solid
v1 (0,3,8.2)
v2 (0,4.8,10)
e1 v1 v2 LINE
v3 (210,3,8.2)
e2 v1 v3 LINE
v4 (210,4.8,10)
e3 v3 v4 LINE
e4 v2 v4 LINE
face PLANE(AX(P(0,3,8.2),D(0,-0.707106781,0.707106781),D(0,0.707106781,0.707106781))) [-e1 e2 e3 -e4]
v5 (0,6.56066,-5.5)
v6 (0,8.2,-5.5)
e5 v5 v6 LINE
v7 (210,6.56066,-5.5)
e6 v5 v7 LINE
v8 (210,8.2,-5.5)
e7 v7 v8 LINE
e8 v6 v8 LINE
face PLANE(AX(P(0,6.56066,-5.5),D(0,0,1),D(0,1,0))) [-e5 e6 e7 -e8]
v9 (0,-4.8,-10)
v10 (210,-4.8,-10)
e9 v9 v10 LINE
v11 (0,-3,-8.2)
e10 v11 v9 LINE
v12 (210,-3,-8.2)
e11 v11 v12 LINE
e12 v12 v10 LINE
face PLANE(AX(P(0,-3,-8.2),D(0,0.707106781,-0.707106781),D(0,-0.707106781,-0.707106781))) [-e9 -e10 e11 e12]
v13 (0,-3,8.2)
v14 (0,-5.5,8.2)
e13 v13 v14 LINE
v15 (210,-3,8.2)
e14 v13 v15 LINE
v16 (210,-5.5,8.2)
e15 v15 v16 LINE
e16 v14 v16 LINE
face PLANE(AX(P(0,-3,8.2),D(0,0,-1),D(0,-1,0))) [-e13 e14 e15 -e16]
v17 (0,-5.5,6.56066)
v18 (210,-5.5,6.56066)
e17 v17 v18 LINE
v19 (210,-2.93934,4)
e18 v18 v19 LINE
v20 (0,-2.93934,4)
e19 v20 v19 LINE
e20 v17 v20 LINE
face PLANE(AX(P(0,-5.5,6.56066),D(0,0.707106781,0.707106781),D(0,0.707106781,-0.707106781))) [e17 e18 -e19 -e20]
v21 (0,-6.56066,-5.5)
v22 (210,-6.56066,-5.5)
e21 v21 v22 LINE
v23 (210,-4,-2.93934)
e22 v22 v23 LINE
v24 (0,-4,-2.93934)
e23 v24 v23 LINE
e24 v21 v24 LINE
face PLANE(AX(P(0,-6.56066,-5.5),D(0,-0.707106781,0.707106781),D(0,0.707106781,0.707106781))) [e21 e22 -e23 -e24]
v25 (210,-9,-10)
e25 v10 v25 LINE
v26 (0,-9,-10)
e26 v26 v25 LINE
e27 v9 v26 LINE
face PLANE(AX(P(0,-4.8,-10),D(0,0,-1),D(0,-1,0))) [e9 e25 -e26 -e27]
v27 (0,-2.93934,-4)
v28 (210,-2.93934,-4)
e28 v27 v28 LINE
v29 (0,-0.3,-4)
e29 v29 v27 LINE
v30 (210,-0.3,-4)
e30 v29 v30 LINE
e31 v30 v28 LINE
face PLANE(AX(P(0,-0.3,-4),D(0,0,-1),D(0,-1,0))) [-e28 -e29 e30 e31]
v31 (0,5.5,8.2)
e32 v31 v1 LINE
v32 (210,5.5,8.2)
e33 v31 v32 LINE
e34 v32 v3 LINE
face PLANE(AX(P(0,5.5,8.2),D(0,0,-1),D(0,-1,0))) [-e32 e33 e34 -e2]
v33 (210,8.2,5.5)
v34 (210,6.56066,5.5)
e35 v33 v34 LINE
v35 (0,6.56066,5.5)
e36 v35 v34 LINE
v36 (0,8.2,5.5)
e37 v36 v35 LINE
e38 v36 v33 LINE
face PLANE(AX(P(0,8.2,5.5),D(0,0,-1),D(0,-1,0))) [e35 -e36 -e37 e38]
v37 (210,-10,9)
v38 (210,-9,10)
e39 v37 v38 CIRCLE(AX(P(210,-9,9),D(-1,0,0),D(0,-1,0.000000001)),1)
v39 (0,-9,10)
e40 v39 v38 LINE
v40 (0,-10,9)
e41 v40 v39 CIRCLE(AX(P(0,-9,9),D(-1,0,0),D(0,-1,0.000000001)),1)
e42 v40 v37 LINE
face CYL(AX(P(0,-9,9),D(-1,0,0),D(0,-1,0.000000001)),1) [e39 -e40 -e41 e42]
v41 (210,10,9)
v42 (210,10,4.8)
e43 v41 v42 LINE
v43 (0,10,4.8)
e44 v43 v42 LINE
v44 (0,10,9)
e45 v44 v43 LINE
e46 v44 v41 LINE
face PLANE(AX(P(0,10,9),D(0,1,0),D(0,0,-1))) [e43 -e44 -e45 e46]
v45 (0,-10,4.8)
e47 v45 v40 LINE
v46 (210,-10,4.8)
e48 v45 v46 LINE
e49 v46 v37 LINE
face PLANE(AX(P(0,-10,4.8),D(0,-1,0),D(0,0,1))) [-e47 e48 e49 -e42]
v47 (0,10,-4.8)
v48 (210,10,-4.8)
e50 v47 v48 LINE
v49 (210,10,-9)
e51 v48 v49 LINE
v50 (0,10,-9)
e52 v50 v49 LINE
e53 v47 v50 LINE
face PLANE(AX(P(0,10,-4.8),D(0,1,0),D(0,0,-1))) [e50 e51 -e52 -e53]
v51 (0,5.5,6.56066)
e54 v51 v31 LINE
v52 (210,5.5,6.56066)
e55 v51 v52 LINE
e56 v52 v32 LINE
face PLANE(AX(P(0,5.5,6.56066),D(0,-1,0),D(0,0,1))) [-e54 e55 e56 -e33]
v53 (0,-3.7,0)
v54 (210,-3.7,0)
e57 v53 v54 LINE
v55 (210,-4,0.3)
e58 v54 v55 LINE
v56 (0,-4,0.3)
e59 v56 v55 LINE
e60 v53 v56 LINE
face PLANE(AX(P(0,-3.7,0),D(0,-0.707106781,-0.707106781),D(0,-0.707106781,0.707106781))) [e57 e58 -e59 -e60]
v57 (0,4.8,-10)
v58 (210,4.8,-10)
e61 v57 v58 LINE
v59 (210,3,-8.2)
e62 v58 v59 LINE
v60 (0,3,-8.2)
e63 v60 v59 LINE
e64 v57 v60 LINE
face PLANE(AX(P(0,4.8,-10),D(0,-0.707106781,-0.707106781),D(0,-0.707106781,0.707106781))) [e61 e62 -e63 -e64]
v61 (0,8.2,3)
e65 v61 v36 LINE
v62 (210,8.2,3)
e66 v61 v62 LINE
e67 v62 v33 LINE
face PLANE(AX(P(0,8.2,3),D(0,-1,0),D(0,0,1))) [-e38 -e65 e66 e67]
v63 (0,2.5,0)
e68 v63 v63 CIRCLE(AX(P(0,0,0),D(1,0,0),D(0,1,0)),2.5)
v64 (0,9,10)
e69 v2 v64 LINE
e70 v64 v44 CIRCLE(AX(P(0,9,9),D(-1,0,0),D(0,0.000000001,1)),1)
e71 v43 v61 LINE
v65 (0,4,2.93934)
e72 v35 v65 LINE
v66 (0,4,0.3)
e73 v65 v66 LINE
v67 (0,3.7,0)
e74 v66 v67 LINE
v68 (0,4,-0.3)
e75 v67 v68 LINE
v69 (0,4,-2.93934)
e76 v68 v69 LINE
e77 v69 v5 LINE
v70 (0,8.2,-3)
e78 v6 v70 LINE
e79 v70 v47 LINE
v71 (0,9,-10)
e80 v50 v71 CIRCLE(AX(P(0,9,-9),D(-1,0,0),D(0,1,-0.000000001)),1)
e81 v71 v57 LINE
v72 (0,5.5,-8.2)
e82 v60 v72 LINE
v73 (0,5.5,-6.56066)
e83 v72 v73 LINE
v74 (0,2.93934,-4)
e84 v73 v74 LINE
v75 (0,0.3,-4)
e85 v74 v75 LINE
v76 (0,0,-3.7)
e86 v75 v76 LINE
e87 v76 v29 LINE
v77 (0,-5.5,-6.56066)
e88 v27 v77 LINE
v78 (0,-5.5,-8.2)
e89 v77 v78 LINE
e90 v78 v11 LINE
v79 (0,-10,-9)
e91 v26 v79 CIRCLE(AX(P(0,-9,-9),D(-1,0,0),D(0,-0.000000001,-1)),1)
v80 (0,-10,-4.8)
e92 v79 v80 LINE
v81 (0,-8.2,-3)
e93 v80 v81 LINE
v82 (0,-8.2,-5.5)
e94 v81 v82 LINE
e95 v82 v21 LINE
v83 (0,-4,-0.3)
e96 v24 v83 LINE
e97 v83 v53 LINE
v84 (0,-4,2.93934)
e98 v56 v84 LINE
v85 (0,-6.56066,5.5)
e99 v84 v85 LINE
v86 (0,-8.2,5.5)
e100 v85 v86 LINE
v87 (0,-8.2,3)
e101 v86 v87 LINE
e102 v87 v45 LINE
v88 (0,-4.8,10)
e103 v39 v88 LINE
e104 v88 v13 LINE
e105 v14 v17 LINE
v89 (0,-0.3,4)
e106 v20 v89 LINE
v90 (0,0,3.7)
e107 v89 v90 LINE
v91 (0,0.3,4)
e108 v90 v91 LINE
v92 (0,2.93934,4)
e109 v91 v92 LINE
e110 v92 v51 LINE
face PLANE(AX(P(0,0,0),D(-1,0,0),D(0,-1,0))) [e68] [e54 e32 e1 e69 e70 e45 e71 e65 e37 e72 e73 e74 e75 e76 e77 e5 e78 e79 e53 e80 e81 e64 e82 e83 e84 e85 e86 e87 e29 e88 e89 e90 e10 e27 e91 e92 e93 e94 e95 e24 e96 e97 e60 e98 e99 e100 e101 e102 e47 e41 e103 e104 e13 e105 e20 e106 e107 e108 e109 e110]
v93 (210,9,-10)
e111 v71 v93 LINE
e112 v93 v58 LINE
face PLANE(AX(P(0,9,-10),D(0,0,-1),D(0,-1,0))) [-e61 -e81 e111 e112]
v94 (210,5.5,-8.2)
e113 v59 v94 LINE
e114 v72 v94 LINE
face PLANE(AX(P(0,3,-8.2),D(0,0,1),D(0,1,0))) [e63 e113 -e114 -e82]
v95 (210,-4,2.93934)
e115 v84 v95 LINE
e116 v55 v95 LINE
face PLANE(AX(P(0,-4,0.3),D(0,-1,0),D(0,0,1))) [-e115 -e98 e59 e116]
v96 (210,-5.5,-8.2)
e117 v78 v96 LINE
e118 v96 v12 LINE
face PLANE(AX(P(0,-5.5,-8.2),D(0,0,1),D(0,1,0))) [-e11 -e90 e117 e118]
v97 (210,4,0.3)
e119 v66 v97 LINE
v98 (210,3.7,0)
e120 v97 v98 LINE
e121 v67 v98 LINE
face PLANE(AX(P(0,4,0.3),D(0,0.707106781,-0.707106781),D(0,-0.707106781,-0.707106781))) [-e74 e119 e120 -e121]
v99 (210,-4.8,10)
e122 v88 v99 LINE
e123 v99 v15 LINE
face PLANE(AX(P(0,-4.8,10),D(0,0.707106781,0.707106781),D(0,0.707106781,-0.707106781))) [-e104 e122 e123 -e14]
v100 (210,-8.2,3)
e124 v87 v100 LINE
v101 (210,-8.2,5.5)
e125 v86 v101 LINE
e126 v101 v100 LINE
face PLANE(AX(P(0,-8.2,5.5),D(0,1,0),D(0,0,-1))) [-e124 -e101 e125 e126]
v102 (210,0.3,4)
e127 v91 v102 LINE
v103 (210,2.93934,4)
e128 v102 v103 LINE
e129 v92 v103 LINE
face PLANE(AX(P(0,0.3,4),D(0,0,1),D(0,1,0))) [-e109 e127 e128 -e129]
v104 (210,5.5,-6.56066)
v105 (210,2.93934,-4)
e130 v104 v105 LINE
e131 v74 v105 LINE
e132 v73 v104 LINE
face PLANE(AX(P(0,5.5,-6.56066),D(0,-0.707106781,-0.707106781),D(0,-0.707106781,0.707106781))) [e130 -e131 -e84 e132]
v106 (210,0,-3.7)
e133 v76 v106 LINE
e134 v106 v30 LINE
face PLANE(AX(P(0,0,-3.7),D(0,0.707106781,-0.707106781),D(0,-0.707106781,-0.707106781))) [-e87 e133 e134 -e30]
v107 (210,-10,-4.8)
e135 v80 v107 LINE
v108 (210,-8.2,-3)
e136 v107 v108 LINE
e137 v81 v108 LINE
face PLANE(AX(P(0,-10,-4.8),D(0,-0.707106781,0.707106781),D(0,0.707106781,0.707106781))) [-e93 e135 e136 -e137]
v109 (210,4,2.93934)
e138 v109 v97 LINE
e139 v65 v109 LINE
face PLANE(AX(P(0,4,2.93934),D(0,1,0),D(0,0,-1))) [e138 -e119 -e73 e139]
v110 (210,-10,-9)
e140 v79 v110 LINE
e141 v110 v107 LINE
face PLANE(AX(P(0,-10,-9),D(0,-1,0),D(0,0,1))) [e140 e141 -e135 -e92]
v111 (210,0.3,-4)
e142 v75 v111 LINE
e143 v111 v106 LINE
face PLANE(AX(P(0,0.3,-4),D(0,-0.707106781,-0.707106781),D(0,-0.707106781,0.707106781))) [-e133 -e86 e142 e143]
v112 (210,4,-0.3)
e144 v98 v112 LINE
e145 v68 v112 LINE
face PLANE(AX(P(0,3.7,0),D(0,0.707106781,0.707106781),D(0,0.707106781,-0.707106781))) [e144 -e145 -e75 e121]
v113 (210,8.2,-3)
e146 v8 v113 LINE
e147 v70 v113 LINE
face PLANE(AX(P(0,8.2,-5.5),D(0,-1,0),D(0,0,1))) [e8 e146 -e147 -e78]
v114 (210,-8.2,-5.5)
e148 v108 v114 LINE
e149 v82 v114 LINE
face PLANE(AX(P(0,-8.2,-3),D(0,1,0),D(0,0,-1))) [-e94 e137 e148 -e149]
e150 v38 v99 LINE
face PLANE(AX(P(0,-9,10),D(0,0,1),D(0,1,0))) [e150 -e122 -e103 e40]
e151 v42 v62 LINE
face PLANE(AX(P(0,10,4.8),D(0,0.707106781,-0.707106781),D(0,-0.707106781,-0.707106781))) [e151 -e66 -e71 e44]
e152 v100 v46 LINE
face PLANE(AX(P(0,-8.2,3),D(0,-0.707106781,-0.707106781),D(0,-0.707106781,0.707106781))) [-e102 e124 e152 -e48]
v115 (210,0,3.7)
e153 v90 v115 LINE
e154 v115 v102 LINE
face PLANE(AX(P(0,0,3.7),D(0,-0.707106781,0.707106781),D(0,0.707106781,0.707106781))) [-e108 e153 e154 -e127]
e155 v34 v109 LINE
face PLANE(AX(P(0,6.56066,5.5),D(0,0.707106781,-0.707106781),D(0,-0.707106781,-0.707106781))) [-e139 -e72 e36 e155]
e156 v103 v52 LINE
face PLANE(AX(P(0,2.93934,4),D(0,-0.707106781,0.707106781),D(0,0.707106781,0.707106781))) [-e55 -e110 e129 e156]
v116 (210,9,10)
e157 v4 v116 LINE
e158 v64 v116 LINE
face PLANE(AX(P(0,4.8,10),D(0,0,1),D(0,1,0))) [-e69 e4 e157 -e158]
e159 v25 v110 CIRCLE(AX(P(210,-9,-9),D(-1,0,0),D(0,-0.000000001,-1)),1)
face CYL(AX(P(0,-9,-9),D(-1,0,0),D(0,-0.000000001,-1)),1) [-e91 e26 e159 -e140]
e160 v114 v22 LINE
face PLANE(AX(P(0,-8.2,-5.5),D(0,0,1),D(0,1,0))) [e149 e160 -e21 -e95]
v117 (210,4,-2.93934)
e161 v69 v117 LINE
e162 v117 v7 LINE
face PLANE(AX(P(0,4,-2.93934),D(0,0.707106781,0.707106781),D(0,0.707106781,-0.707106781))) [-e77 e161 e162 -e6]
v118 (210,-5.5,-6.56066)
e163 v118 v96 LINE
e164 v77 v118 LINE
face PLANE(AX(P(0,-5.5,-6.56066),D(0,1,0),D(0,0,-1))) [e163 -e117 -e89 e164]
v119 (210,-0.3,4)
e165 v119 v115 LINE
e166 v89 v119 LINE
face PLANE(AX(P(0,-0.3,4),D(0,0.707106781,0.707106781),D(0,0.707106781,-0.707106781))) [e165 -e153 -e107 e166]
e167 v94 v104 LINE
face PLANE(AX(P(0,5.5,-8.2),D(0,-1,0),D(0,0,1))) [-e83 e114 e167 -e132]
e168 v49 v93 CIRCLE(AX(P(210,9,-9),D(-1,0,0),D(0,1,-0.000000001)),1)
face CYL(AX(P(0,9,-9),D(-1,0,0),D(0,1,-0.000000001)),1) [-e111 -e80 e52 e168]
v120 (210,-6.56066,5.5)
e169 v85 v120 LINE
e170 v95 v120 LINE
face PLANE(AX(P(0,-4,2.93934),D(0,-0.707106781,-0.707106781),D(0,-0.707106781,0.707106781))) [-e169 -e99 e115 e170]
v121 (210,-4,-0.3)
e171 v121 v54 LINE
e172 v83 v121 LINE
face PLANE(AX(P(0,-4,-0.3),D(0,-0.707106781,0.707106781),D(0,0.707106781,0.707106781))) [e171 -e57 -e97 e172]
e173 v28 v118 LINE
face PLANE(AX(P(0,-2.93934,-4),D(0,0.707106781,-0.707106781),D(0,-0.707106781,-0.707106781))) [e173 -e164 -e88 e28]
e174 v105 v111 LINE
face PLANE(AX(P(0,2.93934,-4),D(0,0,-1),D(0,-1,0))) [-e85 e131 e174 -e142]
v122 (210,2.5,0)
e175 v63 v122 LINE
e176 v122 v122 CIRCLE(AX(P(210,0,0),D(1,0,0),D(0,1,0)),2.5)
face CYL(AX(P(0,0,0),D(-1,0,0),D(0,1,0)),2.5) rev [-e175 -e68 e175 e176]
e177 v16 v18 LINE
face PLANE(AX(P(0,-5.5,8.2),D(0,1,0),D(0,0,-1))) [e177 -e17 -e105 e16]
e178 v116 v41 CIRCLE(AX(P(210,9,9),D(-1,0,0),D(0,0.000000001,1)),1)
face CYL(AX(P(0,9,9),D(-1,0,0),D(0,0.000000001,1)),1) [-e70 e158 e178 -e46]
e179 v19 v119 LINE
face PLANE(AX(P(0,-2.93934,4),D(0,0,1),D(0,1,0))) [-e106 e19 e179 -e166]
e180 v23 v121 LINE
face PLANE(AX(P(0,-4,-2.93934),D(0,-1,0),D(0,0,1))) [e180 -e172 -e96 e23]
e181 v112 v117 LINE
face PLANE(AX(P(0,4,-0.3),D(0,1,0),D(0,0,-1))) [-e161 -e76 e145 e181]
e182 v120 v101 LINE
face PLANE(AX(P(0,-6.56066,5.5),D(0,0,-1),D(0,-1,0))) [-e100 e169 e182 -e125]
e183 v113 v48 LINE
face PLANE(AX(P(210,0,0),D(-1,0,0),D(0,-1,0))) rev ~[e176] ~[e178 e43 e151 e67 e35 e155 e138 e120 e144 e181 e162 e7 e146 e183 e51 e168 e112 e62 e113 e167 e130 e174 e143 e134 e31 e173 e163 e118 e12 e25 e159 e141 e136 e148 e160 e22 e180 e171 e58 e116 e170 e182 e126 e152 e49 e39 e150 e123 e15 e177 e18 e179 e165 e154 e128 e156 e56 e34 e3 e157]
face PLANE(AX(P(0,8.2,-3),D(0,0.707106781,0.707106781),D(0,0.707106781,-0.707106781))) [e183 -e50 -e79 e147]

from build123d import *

# Parameters (mm, degrees)
SKETCH11_R                                  = 2.5
QUADRADO_PF20_11_PERFIL_2020_V_SLOT_1_DEPTH = 210


with BuildPart() as part:
    # Sketch11 → Quadrado PF20-11 - PERFIL 2020 V-SLOT(1) (new body)
    with BuildSketch(Plane.YZ):
        with BuildLine():
            Line((-4.8, 10), (-3, 8.2))
            Line((-3, 8.2), (-5.5, 8.2))
            Line((-5.5, 8.2), (-5.5, 6.560660172))
            Line((-5.5, 6.560660172), (-2.939339828, 4))
            Line((-2.939339828, 4), (-0.3, 4))
            Line((-0.3, 4), (0, 3.7))
            Line((0, 3.7), (0.3, 4))
            Line((0.3, 4), (2.939339828, 4))
            Line((2.939339828, 4), (5.5, 6.560660172))
            Line((5.5, 6.560660172), (5.5, 8.2))
            Line((5.5, 8.2), (3, 8.2))
            Line((3, 8.2), (4.8, 10))
            Line((4.8, 10), (9, 10))
            ThreePointArc((9, 10), (9.707106781, 9.707106781), (10, 9))
            Line((10, 9), (10, 4.8))
            Line((10, 4.8), (8.2, 3))
            Line((8.2, 3), (8.2, 5.5))
            Line((8.2, 5.5), (6.560660172, 5.5))
            Line((6.560660172, 5.5), (4, 2.939339828))
            Line((4, 2.939339828), (4, 0.3))
            Line((4, 0.3), (3.7, 0))
            Line((3.7, 0), (4, -0.3))
            Line((4, -0.3), (4, -2.939339828))
            Line((4, -2.939339828), (6.560660172, -5.5))
            Line((6.560660172, -5.5), (8.2, -5.5))
            Line((8.2, -5.5), (8.2, -3))
            Line((8.2, -3), (10, -4.8))
            Line((10, -4.8), (10, -9))
            ThreePointArc((10, -9), (9.707106781, -9.707106781), (9, -10))
            Line((9, -10), (4.8, -10))
            Line((4.8, -10), (3, -8.2))
            Line((3, -8.2), (5.5, -8.2))
            Line((5.5, -8.2), (5.5, -6.560660172))
            Line((5.5, -6.560660172), (2.939339828, -4))
            Line((2.939339828, -4), (0.3, -4))
            Line((0.3, -4), (0, -3.7))
            Line((0, -3.7), (-0.3, -4))
            Line((-0.3, -4), (-2.939339828, -4))
            Line((-2.939339828, -4), (-5.5, -6.560660172))
            Line((-5.5, -6.560660172), (-5.5, -8.2))
            Line((-5.5, -8.2), (-3, -8.2))
            Line((-3, -8.2), (-4.8, -10))
            Line((-4.8, -10), (-9, -10))
            ThreePointArc((-9, -10), (-9.707106781, -9.707106781), (-10, -9))
            Line((-10, -9), (-10, -4.8))
            Line((-10, -4.8), (-8.2, -3))
            Line((-8.2, -3), (-8.2, -5.5))
            Line((-8.2, -5.5), (-6.560660172, -5.5))
            Line((-6.560660172, -5.5), (-4, -2.939339828))
            Line((-4, -2.939339828), (-4, -0.3))
            Line((-4, -0.3), (-3.7, 0))
            Line((-3.7, 0), (-4, 0.3))
            Line((-4, 0.3), (-4, 2.939339828))
            Line((-4, 2.939339828), (-6.560660172, 5.5))
            Line((-6.560660172, 5.5), (-8.2, 5.5))
            Line((-8.2, 5.5), (-8.2, 3))
            Line((-8.2, 3), (-10, 4.8))
            Line((-10, 4.8), (-10, 9))
            ThreePointArc((-10, 9), (-9.707106781, 9.707106781), (-9, 10))
            Line((-9, 10), (-4.8, 10))
        make_face()
        Circle(SKETCH11_R, mode=Mode.SUBTRACT)
    extrude(amount=QUADRADO_PF20_11_PERFIL_2020_V_SLOT_1_DEPTH)


solid = part.part
